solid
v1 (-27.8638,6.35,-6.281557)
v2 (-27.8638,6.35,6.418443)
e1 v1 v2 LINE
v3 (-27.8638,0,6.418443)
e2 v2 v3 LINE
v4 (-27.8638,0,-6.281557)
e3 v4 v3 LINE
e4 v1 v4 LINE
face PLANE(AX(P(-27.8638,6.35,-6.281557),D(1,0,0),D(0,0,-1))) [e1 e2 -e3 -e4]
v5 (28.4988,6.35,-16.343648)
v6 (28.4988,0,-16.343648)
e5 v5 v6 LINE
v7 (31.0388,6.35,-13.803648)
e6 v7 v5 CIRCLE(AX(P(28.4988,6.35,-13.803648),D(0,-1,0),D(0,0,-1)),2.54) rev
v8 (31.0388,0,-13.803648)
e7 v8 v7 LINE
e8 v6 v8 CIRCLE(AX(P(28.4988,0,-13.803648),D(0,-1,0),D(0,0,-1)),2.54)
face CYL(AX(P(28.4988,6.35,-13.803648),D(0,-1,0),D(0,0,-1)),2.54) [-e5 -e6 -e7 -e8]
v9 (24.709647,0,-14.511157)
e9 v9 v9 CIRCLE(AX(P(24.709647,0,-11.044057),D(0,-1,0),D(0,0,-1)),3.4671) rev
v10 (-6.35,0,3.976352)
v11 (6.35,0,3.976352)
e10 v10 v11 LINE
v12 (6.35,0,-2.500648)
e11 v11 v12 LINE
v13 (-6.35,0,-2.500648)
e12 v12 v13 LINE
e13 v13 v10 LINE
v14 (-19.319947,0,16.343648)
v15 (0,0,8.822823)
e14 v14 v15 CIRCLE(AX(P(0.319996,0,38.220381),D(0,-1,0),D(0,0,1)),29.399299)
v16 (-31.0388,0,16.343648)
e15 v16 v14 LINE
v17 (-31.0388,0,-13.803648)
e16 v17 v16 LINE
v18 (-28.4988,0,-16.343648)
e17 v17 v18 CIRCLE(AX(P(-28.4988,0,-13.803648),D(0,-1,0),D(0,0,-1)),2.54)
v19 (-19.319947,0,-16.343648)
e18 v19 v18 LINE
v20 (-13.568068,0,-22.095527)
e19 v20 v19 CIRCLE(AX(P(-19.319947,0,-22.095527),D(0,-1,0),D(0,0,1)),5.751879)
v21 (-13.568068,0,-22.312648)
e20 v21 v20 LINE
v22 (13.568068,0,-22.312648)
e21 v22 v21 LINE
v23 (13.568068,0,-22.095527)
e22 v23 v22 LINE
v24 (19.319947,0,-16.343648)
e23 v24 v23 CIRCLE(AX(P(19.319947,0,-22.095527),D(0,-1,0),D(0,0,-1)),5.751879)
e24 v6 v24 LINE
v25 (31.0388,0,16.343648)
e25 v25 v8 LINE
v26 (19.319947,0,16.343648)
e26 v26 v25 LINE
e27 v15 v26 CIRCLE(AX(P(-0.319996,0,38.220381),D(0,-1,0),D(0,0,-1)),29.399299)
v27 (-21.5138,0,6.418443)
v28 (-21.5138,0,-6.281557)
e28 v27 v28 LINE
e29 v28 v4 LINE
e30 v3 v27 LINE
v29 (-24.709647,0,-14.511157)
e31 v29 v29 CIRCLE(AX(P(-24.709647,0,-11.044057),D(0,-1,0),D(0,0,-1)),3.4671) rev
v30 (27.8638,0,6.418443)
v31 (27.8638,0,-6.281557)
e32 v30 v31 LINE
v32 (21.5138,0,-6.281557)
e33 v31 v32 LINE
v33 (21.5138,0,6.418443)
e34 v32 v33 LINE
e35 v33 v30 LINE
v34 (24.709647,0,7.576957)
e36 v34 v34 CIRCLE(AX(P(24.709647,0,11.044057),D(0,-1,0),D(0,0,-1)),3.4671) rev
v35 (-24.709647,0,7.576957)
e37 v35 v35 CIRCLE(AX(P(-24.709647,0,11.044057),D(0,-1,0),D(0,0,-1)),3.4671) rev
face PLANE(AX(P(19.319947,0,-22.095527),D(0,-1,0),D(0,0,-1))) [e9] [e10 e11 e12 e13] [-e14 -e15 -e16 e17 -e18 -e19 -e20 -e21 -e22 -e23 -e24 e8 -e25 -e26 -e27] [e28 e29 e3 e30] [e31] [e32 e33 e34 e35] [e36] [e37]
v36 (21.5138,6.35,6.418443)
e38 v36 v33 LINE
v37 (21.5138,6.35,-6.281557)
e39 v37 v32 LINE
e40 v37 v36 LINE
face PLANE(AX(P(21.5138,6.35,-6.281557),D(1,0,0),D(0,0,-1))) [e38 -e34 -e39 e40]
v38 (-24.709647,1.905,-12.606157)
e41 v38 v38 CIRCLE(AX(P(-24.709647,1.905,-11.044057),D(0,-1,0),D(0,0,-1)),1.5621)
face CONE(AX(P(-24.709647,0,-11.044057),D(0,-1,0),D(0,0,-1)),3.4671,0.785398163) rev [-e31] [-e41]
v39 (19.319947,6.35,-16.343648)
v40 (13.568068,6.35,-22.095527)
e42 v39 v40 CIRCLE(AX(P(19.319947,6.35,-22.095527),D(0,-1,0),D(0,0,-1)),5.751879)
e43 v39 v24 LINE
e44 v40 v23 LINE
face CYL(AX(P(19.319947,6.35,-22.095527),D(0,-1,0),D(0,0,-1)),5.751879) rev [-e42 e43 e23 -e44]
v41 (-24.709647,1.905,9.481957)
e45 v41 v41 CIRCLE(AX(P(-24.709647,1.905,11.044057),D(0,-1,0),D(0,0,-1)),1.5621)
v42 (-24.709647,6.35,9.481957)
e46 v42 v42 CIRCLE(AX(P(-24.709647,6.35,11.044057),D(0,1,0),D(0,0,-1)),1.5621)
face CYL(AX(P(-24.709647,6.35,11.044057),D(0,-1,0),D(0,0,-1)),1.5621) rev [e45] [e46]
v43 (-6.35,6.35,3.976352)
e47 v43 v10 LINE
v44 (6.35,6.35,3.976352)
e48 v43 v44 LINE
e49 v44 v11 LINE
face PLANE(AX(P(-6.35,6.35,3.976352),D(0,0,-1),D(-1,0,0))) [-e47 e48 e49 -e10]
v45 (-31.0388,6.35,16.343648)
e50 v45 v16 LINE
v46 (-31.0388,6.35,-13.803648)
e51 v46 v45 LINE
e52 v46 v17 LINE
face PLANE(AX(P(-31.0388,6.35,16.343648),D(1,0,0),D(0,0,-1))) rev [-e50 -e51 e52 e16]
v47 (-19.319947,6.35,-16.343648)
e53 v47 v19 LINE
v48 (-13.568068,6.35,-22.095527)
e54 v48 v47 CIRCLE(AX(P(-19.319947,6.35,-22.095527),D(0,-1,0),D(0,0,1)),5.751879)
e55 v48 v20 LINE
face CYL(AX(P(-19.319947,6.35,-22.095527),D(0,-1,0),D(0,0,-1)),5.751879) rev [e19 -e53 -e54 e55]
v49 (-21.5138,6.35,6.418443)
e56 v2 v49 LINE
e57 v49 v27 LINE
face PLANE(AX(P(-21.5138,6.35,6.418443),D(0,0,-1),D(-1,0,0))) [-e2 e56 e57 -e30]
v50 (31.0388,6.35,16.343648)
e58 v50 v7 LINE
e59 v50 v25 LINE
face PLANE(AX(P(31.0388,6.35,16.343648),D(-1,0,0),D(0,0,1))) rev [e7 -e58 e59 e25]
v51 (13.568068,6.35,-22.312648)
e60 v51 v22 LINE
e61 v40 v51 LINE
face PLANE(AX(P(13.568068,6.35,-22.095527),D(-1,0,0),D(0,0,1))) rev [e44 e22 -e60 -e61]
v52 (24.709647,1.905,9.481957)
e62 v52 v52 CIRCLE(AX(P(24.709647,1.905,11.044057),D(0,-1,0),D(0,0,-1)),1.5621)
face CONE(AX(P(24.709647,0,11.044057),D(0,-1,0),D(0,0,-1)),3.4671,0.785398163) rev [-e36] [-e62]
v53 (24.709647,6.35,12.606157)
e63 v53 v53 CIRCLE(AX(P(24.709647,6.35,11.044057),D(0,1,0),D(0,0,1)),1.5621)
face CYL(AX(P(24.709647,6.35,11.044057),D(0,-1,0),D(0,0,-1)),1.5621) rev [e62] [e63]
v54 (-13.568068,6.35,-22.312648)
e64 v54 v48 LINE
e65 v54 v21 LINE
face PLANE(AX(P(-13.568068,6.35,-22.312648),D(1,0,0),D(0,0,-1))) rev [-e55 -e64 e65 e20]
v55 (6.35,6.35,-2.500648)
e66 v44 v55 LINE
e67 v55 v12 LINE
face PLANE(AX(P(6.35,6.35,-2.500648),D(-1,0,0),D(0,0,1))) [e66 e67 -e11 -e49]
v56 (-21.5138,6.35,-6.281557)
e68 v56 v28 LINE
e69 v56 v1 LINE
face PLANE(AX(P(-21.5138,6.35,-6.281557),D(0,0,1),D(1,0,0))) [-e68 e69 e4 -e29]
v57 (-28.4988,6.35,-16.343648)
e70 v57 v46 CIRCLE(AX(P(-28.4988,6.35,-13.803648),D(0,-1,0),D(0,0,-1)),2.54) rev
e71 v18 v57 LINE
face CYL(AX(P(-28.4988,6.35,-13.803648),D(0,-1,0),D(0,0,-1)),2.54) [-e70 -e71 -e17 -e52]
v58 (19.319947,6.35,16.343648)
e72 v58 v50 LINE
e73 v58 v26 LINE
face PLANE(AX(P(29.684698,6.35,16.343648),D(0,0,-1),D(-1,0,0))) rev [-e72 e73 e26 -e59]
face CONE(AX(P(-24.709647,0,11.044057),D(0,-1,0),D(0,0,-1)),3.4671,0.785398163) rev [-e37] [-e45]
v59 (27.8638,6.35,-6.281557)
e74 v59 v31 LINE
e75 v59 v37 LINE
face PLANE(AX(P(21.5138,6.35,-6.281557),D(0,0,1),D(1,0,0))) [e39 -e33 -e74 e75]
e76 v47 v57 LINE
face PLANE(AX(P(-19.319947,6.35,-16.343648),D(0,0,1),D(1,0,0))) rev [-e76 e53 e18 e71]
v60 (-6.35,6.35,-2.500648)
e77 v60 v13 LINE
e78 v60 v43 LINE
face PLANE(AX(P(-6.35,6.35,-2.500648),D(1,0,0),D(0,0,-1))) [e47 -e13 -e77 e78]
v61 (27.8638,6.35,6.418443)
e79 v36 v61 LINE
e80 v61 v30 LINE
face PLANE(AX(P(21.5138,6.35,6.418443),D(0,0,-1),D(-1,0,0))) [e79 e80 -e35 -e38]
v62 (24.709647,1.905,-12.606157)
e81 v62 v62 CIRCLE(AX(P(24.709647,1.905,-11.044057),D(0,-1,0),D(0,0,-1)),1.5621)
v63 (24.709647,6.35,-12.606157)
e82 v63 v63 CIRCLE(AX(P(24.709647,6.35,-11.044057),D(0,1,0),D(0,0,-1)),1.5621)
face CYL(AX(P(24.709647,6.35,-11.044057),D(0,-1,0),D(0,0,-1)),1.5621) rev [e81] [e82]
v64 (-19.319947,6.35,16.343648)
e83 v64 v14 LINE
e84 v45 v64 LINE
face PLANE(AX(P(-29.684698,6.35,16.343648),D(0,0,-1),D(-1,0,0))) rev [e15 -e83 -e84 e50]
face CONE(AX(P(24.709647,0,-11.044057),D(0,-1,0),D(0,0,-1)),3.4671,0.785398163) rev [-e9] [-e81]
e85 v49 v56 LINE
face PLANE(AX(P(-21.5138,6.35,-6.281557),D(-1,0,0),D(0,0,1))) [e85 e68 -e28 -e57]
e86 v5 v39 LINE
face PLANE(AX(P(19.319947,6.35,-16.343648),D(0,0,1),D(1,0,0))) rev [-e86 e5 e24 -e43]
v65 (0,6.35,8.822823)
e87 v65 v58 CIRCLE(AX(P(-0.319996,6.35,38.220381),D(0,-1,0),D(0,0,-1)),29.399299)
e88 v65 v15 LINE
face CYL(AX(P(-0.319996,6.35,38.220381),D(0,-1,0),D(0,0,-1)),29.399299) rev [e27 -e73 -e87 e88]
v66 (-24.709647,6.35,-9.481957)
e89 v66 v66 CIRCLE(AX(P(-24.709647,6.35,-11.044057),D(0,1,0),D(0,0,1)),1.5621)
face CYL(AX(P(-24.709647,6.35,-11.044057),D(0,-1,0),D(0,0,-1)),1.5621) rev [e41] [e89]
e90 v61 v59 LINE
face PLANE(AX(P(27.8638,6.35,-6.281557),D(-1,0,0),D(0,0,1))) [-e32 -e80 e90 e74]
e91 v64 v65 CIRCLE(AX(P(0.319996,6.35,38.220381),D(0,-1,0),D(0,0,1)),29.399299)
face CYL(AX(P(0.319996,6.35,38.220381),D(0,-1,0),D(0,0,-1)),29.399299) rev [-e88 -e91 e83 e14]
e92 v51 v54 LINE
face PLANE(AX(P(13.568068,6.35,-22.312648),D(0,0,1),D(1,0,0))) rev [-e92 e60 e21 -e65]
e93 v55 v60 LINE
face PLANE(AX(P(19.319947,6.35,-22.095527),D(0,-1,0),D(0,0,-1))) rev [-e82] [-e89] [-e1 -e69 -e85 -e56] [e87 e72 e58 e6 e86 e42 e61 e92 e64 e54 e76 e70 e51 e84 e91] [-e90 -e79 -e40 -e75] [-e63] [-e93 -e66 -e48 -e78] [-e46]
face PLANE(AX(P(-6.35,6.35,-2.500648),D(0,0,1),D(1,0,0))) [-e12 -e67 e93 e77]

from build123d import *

# Parameters (mm, degrees)
SKETCH1_R           = 1.5621
SKETCH1_W           = 6.35
SKETCH1_H           = 12.7
SKETCH1_W_2         = 12.7
SKETCH1_H_2         = 6.477
BOSS_EXTRUDE1_DEPTH = 6.35
FILLET1_R           = 2.54
CHAMFER1_SIZE       = 1.905


with BuildPart() as part:
    # Sketch1 → Boss-Extrude1 (new body)
    with BuildSketch(Plane(origin=(0, 0, 0), x_dir=(1, 0, 0), z_dir=(0, 1, 0))):
        with BuildLine():
            Line((13.568067648, 22.312647987), (-13.568067648, 22.312647987))
            Line((-13.568067648, 22.312647987), (-13.568067648, 22.095526842))
            ThreePointArc((-13.568067648, 22.095526842), (-15.25275396, 18.028334299), (-19.319946504, 16.343647987))
            Line((-19.319946504, 16.343647987), (-31.0388, 16.343647987))
            Line((-31.0388, 16.343647987), (-31.0388, -16.343647987))
            Line((-31.0388, -16.343647987), (-29.684698321, -16.343647987))
            Line((-29.684698321, -16.343647987), (-19.319946504, -16.343647987))
            ThreePointArc((-19.319946504, -16.343647987), (-10.344922534, -10.823696712), (0, -8.822823132))
            ThreePointArc((0, -8.822823132), (10.344922534, -10.823696712), (19.319946504, -16.343647987))
            Line((19.319946504, -16.343647987), (29.684698321, -16.343647987))
            Line((29.684698321, -16.343647987), (31.0388, -16.343647987))
            Line((31.0388, -16.343647987), (31.0388, 16.343647987))
            Line((31.0388, 16.343647987), (19.319946504, 16.343647987))
            ThreePointArc((19.319946504, 16.343647987), (15.25275396, 18.028334299), (13.568067648, 22.095526842))
            Line((13.568067648, 22.095526842), (13.568067648, 22.312647987))
        make_face()
        with Locations((-24.709647151, 11.044056729)):
            Circle(SKETCH1_R, mode=Mode.SUBTRACT)
        with Locations((-24.709647151, -11.044056729)):
            Circle(SKETCH1_R, mode=Mode.SUBTRACT)
        with Locations((24.709647151, 11.044056729)):
            Circle(SKETCH1_R, mode=Mode.SUBTRACT)
        with Locations((24.709647151, -11.044056729)):
            Circle(SKETCH1_R, mode=Mode.SUBTRACT)
        with Locations((24.6888, -0.068443271)):
            Rectangle(SKETCH1_W, SKETCH1_H, mode=Mode.SUBTRACT)
        with Locations((-24.6888, -0.068443271)):
            Rectangle(SKETCH1_W, SKETCH1_H, mode=Mode.SUBTRACT)
        with Locations((0, -0.737852013)):
            Rectangle(SKETCH1_W_2, SKETCH1_H_2, mode=Mode.SUBTRACT)
    extrude(amount=BOSS_EXTRUDE1_DEPTH)

    # Fillet1
    fillet1_edges = [part.edges().sort_by_distance(p)[0] for p in [
        (-31.0388, 3.175, -16.343647987),
        (31.0388, 3.175, -16.343647987),
    ]]
    fillet(fillet1_edges, radius=FILLET1_R)

    # Chamfer1
    chamfer1_edges = [part.edges().sort_by_distance(p)[0] for p in [
        (-26.271747151, 0, -11.044056729),
        (-26.271747151, 0, 11.044056729),
        (23.147547151, 0, -11.044056729),
        (23.147547151, 0, 11.044056729),
    ]]
    chamfer(chamfer1_edges, length=CHAMFER1_SIZE)


solid = part.part
